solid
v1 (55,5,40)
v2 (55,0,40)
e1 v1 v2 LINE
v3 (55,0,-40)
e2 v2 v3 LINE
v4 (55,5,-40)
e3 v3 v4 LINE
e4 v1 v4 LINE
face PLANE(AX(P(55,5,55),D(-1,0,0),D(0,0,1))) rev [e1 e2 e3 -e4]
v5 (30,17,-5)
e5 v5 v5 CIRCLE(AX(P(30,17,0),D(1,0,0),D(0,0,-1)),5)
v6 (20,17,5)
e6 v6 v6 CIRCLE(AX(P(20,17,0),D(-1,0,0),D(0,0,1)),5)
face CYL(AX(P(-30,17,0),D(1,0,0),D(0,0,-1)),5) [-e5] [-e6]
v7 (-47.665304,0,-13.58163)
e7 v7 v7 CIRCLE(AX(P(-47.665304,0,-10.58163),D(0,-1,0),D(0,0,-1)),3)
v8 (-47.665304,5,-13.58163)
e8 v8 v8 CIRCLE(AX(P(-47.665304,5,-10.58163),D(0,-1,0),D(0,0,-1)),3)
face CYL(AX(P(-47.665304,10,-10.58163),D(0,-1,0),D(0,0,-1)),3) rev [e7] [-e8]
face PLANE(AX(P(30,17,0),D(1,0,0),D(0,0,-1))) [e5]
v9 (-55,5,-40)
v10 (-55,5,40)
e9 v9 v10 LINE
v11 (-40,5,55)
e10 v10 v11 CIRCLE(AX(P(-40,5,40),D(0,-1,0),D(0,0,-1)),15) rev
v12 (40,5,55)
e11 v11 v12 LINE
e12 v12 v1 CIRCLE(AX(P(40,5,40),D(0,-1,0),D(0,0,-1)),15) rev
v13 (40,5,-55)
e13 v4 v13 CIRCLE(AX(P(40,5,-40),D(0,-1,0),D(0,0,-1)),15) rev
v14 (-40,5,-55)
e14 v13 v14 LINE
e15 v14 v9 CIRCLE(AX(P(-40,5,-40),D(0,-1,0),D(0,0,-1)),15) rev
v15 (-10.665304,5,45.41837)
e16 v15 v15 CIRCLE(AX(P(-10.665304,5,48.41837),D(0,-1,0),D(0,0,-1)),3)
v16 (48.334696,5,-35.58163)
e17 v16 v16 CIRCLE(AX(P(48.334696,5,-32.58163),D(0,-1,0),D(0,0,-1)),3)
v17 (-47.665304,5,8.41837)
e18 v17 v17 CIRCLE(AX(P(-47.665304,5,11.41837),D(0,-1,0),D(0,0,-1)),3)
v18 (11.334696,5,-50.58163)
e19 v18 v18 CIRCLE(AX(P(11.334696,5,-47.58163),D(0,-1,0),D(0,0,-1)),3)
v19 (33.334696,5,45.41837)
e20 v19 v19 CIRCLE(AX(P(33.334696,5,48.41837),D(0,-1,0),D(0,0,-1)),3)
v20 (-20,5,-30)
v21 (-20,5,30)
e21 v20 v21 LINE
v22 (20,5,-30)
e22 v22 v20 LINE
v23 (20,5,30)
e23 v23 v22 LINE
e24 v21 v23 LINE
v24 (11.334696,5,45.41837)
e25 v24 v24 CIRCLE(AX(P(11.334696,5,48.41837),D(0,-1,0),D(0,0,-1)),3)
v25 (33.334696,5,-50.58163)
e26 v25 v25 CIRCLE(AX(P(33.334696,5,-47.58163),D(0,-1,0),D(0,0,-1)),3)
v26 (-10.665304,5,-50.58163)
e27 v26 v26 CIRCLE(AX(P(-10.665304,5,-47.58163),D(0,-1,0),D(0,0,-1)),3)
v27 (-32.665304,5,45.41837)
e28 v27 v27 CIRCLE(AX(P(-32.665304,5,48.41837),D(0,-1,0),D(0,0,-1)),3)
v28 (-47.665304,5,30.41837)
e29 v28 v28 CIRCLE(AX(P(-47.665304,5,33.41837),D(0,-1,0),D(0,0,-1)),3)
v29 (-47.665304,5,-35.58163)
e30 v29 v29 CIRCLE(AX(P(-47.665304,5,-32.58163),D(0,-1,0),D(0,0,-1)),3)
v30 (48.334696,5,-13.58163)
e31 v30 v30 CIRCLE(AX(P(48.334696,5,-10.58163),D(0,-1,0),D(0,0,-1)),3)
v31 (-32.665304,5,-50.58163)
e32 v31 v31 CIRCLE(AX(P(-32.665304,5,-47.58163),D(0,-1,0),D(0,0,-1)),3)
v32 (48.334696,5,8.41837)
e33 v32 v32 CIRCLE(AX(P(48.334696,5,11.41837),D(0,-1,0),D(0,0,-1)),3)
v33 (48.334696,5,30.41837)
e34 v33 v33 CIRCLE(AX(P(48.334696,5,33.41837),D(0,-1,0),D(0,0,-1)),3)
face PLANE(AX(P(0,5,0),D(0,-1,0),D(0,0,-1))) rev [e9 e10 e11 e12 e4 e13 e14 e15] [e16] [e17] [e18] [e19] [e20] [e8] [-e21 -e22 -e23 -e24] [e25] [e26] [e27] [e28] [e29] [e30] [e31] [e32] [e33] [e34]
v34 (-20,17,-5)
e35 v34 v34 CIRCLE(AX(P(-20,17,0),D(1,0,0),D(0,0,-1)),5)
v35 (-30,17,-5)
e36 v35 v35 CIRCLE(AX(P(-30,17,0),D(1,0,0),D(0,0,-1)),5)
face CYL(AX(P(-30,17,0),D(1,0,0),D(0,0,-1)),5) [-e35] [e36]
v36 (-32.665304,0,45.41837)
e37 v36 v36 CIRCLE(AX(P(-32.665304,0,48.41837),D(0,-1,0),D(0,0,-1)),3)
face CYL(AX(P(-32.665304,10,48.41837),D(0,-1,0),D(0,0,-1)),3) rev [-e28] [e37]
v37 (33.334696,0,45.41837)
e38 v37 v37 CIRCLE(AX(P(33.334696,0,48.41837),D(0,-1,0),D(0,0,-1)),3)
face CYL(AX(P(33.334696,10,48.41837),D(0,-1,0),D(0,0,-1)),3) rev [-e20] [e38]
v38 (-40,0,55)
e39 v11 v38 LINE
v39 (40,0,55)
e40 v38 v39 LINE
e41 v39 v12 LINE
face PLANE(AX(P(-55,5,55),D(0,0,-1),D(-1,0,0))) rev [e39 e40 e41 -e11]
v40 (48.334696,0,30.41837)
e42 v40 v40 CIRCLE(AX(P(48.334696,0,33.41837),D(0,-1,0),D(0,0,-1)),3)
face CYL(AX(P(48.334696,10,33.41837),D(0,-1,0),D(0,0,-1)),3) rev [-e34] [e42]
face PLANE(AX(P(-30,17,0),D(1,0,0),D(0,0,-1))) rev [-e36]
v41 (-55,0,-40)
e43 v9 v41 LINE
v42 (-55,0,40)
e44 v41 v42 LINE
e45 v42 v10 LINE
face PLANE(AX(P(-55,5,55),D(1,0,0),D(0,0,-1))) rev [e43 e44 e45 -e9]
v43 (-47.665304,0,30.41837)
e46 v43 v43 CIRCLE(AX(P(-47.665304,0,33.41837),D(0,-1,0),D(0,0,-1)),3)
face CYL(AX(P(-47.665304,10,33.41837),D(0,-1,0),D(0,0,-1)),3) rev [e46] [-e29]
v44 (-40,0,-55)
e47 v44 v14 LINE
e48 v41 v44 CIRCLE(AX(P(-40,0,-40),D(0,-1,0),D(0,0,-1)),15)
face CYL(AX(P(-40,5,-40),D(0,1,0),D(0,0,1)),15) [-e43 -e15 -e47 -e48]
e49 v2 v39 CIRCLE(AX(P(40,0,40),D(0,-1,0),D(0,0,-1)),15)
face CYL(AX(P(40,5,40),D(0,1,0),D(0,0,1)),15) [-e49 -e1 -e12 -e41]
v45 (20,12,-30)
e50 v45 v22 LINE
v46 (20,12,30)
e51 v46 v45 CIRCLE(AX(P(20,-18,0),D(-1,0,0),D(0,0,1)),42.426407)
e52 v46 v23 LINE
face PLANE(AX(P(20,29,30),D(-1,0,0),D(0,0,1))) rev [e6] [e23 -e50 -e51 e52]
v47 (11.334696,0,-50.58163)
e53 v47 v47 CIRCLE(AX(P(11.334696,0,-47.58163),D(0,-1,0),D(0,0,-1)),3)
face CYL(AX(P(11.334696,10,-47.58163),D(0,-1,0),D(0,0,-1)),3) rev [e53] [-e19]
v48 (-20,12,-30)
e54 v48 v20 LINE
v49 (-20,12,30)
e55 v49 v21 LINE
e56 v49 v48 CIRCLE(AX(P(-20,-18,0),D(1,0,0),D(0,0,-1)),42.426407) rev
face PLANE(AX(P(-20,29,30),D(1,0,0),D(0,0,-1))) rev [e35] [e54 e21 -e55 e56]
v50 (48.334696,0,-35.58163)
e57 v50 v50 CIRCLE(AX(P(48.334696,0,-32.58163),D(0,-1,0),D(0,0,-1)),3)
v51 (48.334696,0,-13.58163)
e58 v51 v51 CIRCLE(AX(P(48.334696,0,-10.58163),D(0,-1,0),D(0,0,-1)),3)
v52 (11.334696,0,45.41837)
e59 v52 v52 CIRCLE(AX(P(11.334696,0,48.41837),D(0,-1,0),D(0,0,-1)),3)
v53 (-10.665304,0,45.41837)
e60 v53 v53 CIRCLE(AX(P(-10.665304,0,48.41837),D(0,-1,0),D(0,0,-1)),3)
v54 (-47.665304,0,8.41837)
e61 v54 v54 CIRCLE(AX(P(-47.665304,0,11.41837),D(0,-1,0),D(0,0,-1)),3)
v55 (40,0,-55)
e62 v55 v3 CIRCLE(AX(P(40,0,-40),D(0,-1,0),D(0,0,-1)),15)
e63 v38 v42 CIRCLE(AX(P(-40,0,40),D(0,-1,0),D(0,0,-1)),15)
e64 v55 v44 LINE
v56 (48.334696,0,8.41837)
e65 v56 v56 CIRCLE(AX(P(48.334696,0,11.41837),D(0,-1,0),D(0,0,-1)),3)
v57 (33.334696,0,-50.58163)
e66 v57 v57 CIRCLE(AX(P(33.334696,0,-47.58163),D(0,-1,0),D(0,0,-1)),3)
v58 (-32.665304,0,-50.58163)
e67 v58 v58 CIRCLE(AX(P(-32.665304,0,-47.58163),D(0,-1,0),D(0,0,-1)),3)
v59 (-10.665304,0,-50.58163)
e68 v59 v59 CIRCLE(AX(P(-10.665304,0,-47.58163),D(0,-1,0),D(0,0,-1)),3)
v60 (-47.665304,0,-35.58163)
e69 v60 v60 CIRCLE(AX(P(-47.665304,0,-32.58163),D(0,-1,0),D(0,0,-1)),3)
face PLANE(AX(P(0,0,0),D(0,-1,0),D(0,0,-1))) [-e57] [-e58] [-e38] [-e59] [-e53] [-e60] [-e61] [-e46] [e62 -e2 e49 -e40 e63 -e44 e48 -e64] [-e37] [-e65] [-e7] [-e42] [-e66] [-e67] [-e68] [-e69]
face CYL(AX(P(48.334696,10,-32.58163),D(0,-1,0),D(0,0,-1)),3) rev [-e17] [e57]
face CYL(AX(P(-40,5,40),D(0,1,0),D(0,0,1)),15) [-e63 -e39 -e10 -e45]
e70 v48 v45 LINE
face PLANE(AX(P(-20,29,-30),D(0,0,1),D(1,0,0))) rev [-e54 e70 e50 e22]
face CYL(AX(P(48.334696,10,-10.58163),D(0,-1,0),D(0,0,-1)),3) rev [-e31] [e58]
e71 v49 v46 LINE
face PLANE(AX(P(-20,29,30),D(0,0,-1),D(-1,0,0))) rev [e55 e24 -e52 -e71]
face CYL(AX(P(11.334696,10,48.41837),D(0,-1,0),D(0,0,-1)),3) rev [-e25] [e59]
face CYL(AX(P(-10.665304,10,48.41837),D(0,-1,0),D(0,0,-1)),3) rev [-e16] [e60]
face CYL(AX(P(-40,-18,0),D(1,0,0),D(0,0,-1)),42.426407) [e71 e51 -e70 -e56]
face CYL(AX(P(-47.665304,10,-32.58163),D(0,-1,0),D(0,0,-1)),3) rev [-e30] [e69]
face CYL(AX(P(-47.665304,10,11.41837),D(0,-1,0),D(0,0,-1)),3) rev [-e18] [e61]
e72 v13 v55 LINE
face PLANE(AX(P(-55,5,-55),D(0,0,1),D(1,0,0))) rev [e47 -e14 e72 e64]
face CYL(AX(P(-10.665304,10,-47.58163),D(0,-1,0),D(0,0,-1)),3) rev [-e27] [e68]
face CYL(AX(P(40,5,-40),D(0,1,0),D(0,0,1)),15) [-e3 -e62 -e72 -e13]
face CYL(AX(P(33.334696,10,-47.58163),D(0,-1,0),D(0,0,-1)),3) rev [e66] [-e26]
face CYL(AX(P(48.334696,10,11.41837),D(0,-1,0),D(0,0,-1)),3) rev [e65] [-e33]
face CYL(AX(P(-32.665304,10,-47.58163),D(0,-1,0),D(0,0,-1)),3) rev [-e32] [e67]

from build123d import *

# Parameters (mm, degrees)
SKETCH1_W                = 110
SKETCH1_H                = 110
BOSS_EXTRUDE1_DEPTH      = 5
FILLET2_R                = 15
FILLET3_R                = 15
FILLET4_R                = 15
FILLET5_R                = 15
SKETCH2_W                = 40
SKETCH2_H                = 60
BOSS_EXTRUDE2_DEPTH      = 24
BOSS_EXTRUDE3_DEPTH      = 10
BOSS_EXTRUDE3_DEPTH_BACK = 50
SKETCH4_R                = 5
FILLET6_R                = 10
FILLET7_R                = 10
SKETCH5_R                = 3
CUT_EXTRUDE1_DEPTH       = 10
CUT_EXTRUDE2_DEPTH       = 60


with BuildPart() as part:
    # Sketch1 → Boss-Extrude1 (new body)
    with BuildSketch(Plane(origin=(0, 0, 0), x_dir=(1, 0, 0), z_dir=(0, 1, 0))):
        Rectangle(SKETCH1_W, SKETCH1_H)
    extrude(amount=BOSS_EXTRUDE1_DEPTH)

    # Fillet2
    fillet2_edges = [part.edges().sort_by_distance(p)[0] for p in [
        (55, 2.5, -55),
    ]]
    fillet(fillet2_edges, radius=FILLET2_R)

    # Fillet3
    fillet3_edges = [part.edges().sort_by_distance(p)[0] for p in [
        (-55, 2.5, -55),
    ]]
    fillet(fillet3_edges, radius=FILLET3_R)

    # Fillet4
    fillet4_edges = [part.edges().sort_by_distance(p)[0] for p in [
        (-55, 2.5, 55),
    ]]
    fillet(fillet4_edges, radius=FILLET4_R)

    # Fillet5
    fillet5_edges = [part.edges().sort_by_distance(p)[0] for p in [
        (55, 2.5, 55),
    ]]
    fillet(fillet5_edges, radius=FILLET5_R)

    # Sketch2 → Boss-Extrude2 (add)
    with BuildSketch(Plane(origin=(0, 5, 0), x_dir=(1, 0, 0), z_dir=(0, 1, 0))):
        Rectangle(SKETCH2_W, SKETCH2_H)
    extrude(amount=BOSS_EXTRUDE2_DEPTH)

    # Sketch4 → Boss-Extrude3 (add, two sides: drawn at the far end of the back side and taken through both)
    with BuildSketch(Plane(origin=(20, 0, 0), x_dir=(0, 0, -1), z_dir=(1, 0, 0)).offset(-BOSS_EXTRUDE3_DEPTH_BACK)):
        with Locations((0, 17)):
            Circle(SKETCH4_R)
    extrude(amount=BOSS_EXTRUDE3_DEPTH + BOSS_EXTRUDE3_DEPTH_BACK)

    # Fillet6
    fillet6_edges = [part.edges().sort_by_distance(p)[0] for p in [
        (0, 29, 30),
    ]]
    fillet(fillet6_edges, radius=FILLET6_R)

    # Fillet7
    fillet7_edges = [part.edges().sort_by_distance(p)[0] for p in [
        (0, 29, -30),
    ]]
    fillet(fillet7_edges, radius=FILLET7_R)

    # Sketch5 → Cut-Extrude1 (cut)
    with BuildSketch(Plane.XZ):
        with Locations(Location((48.334696306, -10.581629618, 0), (0, 0, 270))):
            Circle(SKETCH5_R)
        with Locations(Location((48.334696306, 33.418370382, 0), (0, 0, 270))):
            Circle(SKETCH5_R)
        with Locations(Location((-47.665303694, 11.418370382, 0), (0, 0, 270))):
            Circle(SKETCH5_R)
        with Locations(Location((-47.665303694, -10.581629618, 0), (0, 0, 270))):
            Circle(SKETCH5_R)
        with Locations(Location((-47.665303694, -32.581629618, 0), (0, 0, 270))):
            Circle(SKETCH5_R)
        with Locations(Location((-32.665303694, -47.581629618, 0), (0, 0, 270))):
            Circle(SKETCH5_R)
        with Locations(Location((-10.665303694, -47.581629618, 0), (0, 0, 270))):
            Circle(SKETCH5_R)
        with Locations(Location((11.334696306, -47.581629618, 0), (0, 0, 270))):
            Circle(SKETCH5_R)
        with Locations(Location((33.334696306, -47.581629618, 0), (0, 0, 270))):
            Circle(SKETCH5_R)
        with Locations(Location((48.334696306, -32.581629618, 0), (0, 0, 270))):
            Circle(SKETCH5_R)
        with Locations(Location((48.334696306, 11.418370382, 0), (0, 0, 270))):
            Circle(SKETCH5_R)
        with Locations(Location((33.334696306, 48.418370382, 0), (0, 0, 270))):
            Circle(SKETCH5_R)
        with Locations(Location((11.334696306, 48.418370382, 0), (0, 0, 270))):
            Circle(SKETCH5_R)
        with Locations(Location((-10.665303694, 48.418370382, 0), (0, 0, 270))):
            Circle(SKETCH5_R)
        with Locations(Location((-32.665303694, 48.418370382, 0), (0, 0, 270))):
            Circle(SKETCH5_R)
        with Locations(Location((-47.665303694, 33.418370382, 0), (0, 0, 270))):
            Circle(SKETCH5_R)
    extrude(amount=-CUT_EXTRUDE1_DEPTH, mode=Mode.SUBTRACT)

    # Sketch6 → Cut-Extrude2 (cut)
    with BuildSketch(Plane(origin=(20, 0, 0), x_dir=(0, 0, -1), z_dir=(1, 0, 0))):
        with BuildLine():
            Line((30, 19), (30, 12))
            ThreePointArc((30, 12), (0, 24.426406871), (-30, 12))
            Line((-30, 12), (-30, 19))
            ThreePointArc((-30, 19), (-27.071067812, 26.071067812), (-20, 29))
            Line((-20, 29), (20, 29))
            ThreePointArc((20, 29), (27.071067812, 26.071067812), (30, 19))
        make_face()
    extrude(amount=-CUT_EXTRUDE2_DEPTH, mode=Mode.SUBTRACT)


solid = part.part
